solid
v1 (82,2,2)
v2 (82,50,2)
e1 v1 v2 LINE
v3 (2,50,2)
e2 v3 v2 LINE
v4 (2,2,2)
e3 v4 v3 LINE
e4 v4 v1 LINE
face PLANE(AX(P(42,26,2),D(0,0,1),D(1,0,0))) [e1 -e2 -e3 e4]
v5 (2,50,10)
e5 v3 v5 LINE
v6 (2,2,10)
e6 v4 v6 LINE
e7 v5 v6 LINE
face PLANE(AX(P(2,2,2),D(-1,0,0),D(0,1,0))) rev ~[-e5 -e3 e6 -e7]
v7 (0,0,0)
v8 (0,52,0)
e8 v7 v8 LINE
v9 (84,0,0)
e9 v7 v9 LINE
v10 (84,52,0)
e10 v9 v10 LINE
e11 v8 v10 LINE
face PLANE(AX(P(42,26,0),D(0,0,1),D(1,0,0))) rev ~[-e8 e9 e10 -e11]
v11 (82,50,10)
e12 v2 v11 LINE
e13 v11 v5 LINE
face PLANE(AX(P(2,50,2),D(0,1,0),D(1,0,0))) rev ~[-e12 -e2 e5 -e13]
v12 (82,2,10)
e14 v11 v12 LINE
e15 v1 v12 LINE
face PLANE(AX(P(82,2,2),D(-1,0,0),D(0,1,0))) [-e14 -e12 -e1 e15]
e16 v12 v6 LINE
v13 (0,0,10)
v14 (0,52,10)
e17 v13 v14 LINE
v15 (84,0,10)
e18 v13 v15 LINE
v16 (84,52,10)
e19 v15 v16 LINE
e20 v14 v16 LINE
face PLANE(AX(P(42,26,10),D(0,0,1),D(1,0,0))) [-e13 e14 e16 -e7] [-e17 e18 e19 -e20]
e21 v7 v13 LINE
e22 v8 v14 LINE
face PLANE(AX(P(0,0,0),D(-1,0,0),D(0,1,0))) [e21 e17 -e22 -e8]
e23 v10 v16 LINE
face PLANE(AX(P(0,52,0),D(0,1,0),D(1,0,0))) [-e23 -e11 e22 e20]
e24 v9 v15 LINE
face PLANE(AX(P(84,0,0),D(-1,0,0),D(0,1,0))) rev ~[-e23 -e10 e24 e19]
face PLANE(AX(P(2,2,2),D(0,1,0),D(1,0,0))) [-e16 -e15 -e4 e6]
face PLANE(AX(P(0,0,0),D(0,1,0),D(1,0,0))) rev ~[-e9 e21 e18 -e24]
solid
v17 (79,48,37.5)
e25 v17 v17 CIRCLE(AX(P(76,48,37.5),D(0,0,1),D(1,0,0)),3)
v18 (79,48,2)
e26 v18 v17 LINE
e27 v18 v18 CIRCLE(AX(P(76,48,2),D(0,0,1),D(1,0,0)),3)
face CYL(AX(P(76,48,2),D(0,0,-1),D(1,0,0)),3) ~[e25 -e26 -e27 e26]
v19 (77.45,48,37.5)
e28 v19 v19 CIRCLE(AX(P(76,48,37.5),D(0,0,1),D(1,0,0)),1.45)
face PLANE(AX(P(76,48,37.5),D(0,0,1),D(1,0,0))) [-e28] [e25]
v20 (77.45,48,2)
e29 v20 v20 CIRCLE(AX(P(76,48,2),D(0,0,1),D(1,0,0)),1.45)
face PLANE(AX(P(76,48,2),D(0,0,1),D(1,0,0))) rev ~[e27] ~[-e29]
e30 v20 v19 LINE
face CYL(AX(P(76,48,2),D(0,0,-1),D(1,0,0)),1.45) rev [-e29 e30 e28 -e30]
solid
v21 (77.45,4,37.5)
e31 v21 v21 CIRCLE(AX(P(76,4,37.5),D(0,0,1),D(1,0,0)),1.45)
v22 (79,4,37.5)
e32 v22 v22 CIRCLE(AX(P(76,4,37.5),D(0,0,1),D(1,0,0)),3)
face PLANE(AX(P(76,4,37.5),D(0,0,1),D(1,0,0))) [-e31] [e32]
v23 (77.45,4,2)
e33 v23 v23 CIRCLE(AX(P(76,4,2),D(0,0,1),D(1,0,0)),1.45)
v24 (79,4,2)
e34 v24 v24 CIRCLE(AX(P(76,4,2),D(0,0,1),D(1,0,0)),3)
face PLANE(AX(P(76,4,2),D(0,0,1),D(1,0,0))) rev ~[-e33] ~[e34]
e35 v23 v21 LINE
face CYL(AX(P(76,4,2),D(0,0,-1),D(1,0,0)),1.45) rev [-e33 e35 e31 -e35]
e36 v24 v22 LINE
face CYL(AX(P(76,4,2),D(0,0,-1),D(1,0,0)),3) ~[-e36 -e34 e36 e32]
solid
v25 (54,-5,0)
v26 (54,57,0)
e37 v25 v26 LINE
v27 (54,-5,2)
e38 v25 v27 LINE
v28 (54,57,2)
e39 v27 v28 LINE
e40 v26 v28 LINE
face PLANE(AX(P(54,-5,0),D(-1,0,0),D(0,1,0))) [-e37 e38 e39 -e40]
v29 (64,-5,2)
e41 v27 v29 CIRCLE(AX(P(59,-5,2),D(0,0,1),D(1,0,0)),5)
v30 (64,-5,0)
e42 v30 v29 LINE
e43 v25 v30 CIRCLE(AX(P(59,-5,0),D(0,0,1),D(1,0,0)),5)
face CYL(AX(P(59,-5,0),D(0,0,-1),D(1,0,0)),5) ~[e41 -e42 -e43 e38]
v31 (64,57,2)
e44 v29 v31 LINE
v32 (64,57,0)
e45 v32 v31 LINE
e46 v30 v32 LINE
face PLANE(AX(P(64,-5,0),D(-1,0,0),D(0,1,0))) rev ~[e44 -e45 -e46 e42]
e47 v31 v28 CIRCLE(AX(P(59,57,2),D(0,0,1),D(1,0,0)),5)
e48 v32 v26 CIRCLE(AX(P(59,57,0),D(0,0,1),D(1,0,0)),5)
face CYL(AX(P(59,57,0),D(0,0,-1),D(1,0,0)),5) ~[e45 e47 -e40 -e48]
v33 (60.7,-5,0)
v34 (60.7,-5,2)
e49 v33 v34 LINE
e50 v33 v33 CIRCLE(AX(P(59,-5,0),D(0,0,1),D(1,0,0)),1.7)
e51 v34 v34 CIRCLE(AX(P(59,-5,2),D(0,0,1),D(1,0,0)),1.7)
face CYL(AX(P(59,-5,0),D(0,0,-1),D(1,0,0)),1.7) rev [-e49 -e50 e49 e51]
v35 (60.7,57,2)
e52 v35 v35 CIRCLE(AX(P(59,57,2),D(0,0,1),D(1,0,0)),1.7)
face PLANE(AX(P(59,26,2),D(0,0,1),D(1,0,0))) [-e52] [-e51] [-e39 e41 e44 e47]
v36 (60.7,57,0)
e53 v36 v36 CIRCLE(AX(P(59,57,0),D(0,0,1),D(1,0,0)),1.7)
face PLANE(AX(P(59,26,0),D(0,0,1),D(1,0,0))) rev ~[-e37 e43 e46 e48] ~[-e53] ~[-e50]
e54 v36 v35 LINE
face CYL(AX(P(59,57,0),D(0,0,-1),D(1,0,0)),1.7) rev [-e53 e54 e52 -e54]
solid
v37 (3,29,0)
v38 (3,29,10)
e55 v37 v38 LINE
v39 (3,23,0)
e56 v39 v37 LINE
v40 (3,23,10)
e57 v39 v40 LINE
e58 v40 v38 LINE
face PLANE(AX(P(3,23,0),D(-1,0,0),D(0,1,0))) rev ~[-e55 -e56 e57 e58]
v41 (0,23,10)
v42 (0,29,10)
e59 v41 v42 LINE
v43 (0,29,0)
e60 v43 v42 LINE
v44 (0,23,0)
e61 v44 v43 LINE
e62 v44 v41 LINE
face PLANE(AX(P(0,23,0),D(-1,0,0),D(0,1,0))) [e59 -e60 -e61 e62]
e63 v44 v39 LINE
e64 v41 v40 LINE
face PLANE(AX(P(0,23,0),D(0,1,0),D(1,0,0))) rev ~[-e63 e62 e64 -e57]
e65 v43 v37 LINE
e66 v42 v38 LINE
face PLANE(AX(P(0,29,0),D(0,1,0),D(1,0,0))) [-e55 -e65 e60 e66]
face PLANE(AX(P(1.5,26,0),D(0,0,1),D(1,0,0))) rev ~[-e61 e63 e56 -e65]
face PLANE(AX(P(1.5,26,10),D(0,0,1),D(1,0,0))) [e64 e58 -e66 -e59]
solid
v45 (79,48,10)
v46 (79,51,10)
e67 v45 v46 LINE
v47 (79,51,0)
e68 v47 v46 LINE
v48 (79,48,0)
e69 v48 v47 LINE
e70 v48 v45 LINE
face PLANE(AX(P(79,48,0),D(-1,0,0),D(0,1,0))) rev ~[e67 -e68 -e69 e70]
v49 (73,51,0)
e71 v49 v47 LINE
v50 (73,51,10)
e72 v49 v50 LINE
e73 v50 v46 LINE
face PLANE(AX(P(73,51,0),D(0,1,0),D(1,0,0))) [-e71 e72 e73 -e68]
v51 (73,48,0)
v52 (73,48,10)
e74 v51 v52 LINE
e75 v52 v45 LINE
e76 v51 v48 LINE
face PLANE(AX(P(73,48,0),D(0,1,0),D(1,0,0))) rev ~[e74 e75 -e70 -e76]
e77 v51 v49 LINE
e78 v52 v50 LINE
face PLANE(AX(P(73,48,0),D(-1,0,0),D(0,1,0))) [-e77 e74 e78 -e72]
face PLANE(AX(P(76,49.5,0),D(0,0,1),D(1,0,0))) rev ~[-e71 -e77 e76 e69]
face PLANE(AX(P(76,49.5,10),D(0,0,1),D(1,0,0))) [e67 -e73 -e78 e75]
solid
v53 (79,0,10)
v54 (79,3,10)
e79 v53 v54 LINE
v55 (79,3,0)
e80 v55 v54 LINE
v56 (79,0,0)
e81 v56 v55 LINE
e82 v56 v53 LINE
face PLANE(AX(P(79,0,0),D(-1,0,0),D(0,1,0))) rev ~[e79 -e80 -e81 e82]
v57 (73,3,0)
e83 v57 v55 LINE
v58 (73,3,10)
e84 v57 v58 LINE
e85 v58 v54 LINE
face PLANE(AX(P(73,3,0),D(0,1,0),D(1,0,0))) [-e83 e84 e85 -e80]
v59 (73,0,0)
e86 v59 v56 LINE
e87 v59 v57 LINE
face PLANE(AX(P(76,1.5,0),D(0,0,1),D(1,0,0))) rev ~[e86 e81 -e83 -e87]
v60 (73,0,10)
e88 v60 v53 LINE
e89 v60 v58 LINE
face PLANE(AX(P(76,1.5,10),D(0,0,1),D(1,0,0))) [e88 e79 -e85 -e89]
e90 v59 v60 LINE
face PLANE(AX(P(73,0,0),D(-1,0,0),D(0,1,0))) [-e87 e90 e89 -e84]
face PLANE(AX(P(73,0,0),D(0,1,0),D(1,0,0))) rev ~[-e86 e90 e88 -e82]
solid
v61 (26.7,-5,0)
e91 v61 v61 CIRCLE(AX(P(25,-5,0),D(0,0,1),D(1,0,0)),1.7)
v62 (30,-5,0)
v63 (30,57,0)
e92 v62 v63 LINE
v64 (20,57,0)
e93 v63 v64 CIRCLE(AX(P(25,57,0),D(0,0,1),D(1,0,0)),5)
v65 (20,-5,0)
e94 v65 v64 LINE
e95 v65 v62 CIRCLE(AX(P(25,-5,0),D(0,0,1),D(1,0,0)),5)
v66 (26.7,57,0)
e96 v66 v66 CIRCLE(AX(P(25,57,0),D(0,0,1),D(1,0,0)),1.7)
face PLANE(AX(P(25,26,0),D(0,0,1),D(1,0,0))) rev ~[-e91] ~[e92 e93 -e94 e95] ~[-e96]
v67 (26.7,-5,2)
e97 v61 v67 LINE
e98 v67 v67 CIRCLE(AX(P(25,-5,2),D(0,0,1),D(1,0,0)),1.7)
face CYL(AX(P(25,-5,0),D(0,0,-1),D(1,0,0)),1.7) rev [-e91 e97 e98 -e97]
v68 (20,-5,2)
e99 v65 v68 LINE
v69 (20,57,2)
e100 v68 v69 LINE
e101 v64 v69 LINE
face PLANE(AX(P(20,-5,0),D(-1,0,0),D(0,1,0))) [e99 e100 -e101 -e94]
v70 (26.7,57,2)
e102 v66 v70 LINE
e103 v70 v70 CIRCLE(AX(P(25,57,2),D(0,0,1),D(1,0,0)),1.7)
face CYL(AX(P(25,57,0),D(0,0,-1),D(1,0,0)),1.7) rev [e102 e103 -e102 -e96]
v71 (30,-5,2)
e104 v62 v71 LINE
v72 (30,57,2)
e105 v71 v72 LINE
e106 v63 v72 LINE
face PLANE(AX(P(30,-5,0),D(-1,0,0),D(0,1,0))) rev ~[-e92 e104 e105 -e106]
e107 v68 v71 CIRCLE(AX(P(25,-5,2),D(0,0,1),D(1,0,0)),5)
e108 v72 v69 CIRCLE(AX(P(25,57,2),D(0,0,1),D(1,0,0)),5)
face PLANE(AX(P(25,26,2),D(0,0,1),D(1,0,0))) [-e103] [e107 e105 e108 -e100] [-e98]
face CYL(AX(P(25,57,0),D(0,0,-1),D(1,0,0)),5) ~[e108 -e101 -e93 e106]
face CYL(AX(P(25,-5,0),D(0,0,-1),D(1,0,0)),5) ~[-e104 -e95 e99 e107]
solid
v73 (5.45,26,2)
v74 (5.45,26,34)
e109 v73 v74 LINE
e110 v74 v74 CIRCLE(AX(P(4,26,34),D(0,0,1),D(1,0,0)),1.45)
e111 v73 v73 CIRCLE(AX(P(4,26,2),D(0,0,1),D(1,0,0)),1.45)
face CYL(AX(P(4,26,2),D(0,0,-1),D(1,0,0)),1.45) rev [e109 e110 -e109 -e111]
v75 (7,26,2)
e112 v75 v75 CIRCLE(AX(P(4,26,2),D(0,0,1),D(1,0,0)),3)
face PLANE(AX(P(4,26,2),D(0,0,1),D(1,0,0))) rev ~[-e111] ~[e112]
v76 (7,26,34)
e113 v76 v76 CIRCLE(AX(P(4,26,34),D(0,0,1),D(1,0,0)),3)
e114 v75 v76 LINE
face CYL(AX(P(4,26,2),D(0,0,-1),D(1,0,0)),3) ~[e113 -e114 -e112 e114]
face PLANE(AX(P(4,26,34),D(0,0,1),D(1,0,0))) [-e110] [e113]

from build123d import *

# Parameters (mm, degrees)
CYLINDER005_R     = 1.45
CYLINDER005_DEPTH = 32
CYLINDER_R        = 3
CYLINDER_DEPTH    = 32
CYLINDER003_R     = 1.45
CYLINDER003_DEPTH = 35.5
CYLINDER001_R     = 3
CYLINDER001_DEPTH = 35.5
CYLINDER004_R     = 1.45
CYLINDER004_DEPTH = 35.5
CYLINDER002_R     = 3
CYLINDER002_DEPTH = 35.5
BOX001_W          = 80
BOX001_H          = 48
BOX001_DEPTH      = 10
BOX_W             = 84
BOX_H             = 52
BOX_DEPTH         = 10
BOX002_W          = 3
BOX002_H          = 6
BOX002_DEPTH      = 10
BOX003_W          = 6
BOX003_H          = 3
BOX003_DEPTH      = 10
BOX004_W          = 6
BOX004_H          = 3
BOX004_DEPTH      = 10
CYLINDER008_R     = 1.7
CYLINDER008_DEPTH = 2
CYLINDER009_R     = 1.7
CYLINDER009_DEPTH = 2
BOX005_W          = 10
BOX005_H          = 62
BOX005_DEPTH      = 2
CYLINDER006_R     = 5
CYLINDER006_DEPTH = 2
CYLINDER007_R     = 5
CYLINDER007_DEPTH = 2
CYLINDER010_R     = 1.7
CYLINDER010_DEPTH = 2
CYLINDER011_R     = 1.7
CYLINDER011_DEPTH = 2
BOX006_W          = 10
BOX006_H          = 62
BOX006_DEPTH      = 2
CYLINDER013_R     = 5
CYLINDER013_DEPTH = 2
CYLINDER012_R     = 5
CYLINDER012_DEPTH = 2


with BuildPart() as cylinder005:
    # Cylinder005 → Cylinder005 (new body)
    with BuildSketch(Plane(origin=(4, 26, 2), x_dir=(1, 0, 0), z_dir=(0, 0, 1))):
        Circle(CYLINDER005_R)
    extrude(amount=CYLINDER005_DEPTH)


with BuildPart() as cut:
    # Cylinder → Cylinder (new body)
    with BuildSketch(Plane(origin=(4, 26, 2), x_dir=(1, 0, 0), z_dir=(0, 0, 1))):
        Circle(CYLINDER_R)
    extrude(amount=CYLINDER_DEPTH)

    # Cut: cut Cylinder005
    add(cylinder005.part, mode=Mode.SUBTRACT)


with BuildPart() as cylinder003:
    # Cylinder003 → Cylinder003 (new body)
    with BuildSketch(Plane(origin=(76, 4, 2), x_dir=(1, 0, 0), z_dir=(0, 0, 1))):
        Circle(CYLINDER003_R)
    extrude(amount=CYLINDER003_DEPTH)


with BuildPart() as cut001:
    # Cylinder001 → Cylinder001 (new body)
    with BuildSketch(Plane(origin=(76, 4, 2), x_dir=(1, 0, 0), z_dir=(0, 0, 1))):
        Circle(CYLINDER001_R)
    extrude(amount=CYLINDER001_DEPTH)

    # Cut001: cut Cylinder003
    add(cylinder003.part, mode=Mode.SUBTRACT)


with BuildPart() as cylinder004:
    # Cylinder004 → Cylinder004 (new body)
    with BuildSketch(Plane(origin=(76, 48, 2), x_dir=(1, 0, 0), z_dir=(0, 0, 1))):
        Circle(CYLINDER004_R)
    extrude(amount=CYLINDER004_DEPTH)


with BuildPart() as cut002:
    # Cylinder002 → Cylinder002 (new body)
    with BuildSketch(Plane(origin=(76, 48, 2), x_dir=(1, 0, 0), z_dir=(0, 0, 1))):
        Circle(CYLINDER002_R)
    extrude(amount=CYLINDER002_DEPTH)

    # Cut002: cut Cylinder004
    add(cylinder004.part, mode=Mode.SUBTRACT)


with BuildPart() as cube001:
    # Box001 → Box001 (new body)
    with BuildSketch(Plane(origin=(2, 2, 2), x_dir=(1, 0, 0), z_dir=(0, 0, 1))):
        with Locations((40, 24)):
            Rectangle(BOX001_W, BOX001_H)
    extrude(amount=BOX001_DEPTH)


with BuildPart() as cut003:
    # Box → Box (new body)
    with BuildSketch(Plane.XY):
        with Locations((42, 26)):
            Rectangle(BOX_W, BOX_H)
    extrude(amount=BOX_DEPTH)

    # Cut003: cut Cube001
    add(cube001.part, mode=Mode.SUBTRACT)


with BuildPart() as cube002:
    # Box002 → Box002 (new body)
    with BuildSketch(Plane(origin=(0, 23, 0), x_dir=(1, 0, 0), z_dir=(0, 0, 1))):
        with Locations((1.5, 3)):
            Rectangle(BOX002_W, BOX002_H)
    extrude(amount=BOX002_DEPTH)


with BuildPart() as cube003:
    # Box003 → Box003 (new body)
    with BuildSketch(Plane(origin=(73, 0, 0), x_dir=(1, 0, 0), z_dir=(0, 0, 1))):
        with Locations((3, 1.5)):
            Rectangle(BOX003_W, BOX003_H)
    extrude(amount=BOX003_DEPTH)


with BuildPart() as cube004:
    # Box004 → Box004 (new body)
    with BuildSketch(Plane(origin=(73, 48, 0), x_dir=(1, 0, 0), z_dir=(0, 0, 1))):
        with Locations((3, 1.5)):
            Rectangle(BOX004_W, BOX004_H)
    extrude(amount=BOX004_DEPTH)


with BuildPart() as cylinder008:
    # Cylinder008 → Cylinder008 (new body)
    with BuildSketch(Plane(origin=(25, 57, 0), x_dir=(1, 0, 0), z_dir=(0, 0, 1))):
        Circle(CYLINDER008_R)
    extrude(amount=CYLINDER008_DEPTH)


with BuildPart() as fusion001:
    # Cylinder009 → Cylinder009 (new body)
    with BuildSketch(Plane(origin=(25, -5, 0), x_dir=(1, 0, 0), z_dir=(0, 0, 1))):
        Circle(CYLINDER009_R)
    extrude(amount=CYLINDER009_DEPTH)

    # Fusion001: union Cylinder008
    add(cylinder008.part)


with BuildPart() as cube005:
    # Box005 → Box005 (new body)
    with BuildSketch(Plane(origin=(20, -5, 0), x_dir=(1, 0, 0), z_dir=(0, 0, 1))):
        with Locations((5, 31)):
            Rectangle(BOX005_W, BOX005_H)
    extrude(amount=BOX005_DEPTH)


with BuildPart() as cylinder006:
    # Cylinder006 → Cylinder006 (new body)
    with BuildSketch(Plane(origin=(25, -5, 0), x_dir=(1, 0, 0), z_dir=(0, 0, 1))):
        Circle(CYLINDER006_R)
    extrude(amount=CYLINDER006_DEPTH)


with BuildPart() as cut004:
    # Cylinder007 → Cylinder007 (new body)
    with BuildSketch(Plane(origin=(25, 57, 0), x_dir=(1, 0, 0), z_dir=(0, 0, 1))):
        Circle(CYLINDER007_R)
    extrude(amount=CYLINDER007_DEPTH)

    # Fusion: union Cube005, Cylinder006
    add(cube005.part)
    add(cylinder006.part)

    # Cut004: cut Fusion001
    add(fusion001.part, mode=Mode.SUBTRACT)


with BuildPart() as cylinder010:
    # Cylinder010 → Cylinder010 (new body)
    with BuildSketch(Plane(origin=(25, 57, 0), x_dir=(1, 0, 0), z_dir=(0, 0, 1))):
        Circle(CYLINDER010_R)
    extrude(amount=CYLINDER010_DEPTH)


with BuildPart() as fusion002:
    # Cylinder011 → Cylinder011 (new body)
    with BuildSketch(Plane(origin=(25, -5, 0), x_dir=(1, 0, 0), z_dir=(0, 0, 1))):
        Circle(CYLINDER011_R)
    extrude(amount=CYLINDER011_DEPTH)

    # Fusion002: union Cylinder010
    add(cylinder010.part)


with BuildPart() as cube006:
    # Box006 → Box006 (new body)
    with BuildSketch(Plane(origin=(20, -5, 0), x_dir=(1, 0, 0), z_dir=(0, 0, 1))):
        with Locations((5, 31)):
            Rectangle(BOX006_W, BOX006_H)
    extrude(amount=BOX006_DEPTH)


with BuildPart() as cylinder013:
    # Cylinder013 → Cylinder013 (new body)
    with BuildSketch(Plane(origin=(25, -5, 0), x_dir=(1, 0, 0), z_dir=(0, 0, 1))):
        Circle(CYLINDER013_R)
    extrude(amount=CYLINDER013_DEPTH)


with BuildPart() as cut005:
    # Cylinder012 → Cylinder012 (new body)
    with BuildSketch(Plane(origin=(25, 57, 0), x_dir=(1, 0, 0), z_dir=(0, 0, 1))):
        Circle(CYLINDER012_R)
    extrude(amount=CYLINDER012_DEPTH)

    # Fusion003: union Cube006, Cylinder013
    add(cube006.part)
    add(cylinder013.part)

    # Cut005: cut Fusion002
    add(fusion002.part, mode=Mode.SUBTRACT)


with BuildPart() as cut005_1:
    # Cut005 placement: moved
    add(cut005.part.moved(Location((34, 0, 0))))


solid = Compound([cut.part, cut001.part, cut002.part, cut003.part, cube002.part, cube003.part, cube004.part, cut004.part, cut005_1.part])
